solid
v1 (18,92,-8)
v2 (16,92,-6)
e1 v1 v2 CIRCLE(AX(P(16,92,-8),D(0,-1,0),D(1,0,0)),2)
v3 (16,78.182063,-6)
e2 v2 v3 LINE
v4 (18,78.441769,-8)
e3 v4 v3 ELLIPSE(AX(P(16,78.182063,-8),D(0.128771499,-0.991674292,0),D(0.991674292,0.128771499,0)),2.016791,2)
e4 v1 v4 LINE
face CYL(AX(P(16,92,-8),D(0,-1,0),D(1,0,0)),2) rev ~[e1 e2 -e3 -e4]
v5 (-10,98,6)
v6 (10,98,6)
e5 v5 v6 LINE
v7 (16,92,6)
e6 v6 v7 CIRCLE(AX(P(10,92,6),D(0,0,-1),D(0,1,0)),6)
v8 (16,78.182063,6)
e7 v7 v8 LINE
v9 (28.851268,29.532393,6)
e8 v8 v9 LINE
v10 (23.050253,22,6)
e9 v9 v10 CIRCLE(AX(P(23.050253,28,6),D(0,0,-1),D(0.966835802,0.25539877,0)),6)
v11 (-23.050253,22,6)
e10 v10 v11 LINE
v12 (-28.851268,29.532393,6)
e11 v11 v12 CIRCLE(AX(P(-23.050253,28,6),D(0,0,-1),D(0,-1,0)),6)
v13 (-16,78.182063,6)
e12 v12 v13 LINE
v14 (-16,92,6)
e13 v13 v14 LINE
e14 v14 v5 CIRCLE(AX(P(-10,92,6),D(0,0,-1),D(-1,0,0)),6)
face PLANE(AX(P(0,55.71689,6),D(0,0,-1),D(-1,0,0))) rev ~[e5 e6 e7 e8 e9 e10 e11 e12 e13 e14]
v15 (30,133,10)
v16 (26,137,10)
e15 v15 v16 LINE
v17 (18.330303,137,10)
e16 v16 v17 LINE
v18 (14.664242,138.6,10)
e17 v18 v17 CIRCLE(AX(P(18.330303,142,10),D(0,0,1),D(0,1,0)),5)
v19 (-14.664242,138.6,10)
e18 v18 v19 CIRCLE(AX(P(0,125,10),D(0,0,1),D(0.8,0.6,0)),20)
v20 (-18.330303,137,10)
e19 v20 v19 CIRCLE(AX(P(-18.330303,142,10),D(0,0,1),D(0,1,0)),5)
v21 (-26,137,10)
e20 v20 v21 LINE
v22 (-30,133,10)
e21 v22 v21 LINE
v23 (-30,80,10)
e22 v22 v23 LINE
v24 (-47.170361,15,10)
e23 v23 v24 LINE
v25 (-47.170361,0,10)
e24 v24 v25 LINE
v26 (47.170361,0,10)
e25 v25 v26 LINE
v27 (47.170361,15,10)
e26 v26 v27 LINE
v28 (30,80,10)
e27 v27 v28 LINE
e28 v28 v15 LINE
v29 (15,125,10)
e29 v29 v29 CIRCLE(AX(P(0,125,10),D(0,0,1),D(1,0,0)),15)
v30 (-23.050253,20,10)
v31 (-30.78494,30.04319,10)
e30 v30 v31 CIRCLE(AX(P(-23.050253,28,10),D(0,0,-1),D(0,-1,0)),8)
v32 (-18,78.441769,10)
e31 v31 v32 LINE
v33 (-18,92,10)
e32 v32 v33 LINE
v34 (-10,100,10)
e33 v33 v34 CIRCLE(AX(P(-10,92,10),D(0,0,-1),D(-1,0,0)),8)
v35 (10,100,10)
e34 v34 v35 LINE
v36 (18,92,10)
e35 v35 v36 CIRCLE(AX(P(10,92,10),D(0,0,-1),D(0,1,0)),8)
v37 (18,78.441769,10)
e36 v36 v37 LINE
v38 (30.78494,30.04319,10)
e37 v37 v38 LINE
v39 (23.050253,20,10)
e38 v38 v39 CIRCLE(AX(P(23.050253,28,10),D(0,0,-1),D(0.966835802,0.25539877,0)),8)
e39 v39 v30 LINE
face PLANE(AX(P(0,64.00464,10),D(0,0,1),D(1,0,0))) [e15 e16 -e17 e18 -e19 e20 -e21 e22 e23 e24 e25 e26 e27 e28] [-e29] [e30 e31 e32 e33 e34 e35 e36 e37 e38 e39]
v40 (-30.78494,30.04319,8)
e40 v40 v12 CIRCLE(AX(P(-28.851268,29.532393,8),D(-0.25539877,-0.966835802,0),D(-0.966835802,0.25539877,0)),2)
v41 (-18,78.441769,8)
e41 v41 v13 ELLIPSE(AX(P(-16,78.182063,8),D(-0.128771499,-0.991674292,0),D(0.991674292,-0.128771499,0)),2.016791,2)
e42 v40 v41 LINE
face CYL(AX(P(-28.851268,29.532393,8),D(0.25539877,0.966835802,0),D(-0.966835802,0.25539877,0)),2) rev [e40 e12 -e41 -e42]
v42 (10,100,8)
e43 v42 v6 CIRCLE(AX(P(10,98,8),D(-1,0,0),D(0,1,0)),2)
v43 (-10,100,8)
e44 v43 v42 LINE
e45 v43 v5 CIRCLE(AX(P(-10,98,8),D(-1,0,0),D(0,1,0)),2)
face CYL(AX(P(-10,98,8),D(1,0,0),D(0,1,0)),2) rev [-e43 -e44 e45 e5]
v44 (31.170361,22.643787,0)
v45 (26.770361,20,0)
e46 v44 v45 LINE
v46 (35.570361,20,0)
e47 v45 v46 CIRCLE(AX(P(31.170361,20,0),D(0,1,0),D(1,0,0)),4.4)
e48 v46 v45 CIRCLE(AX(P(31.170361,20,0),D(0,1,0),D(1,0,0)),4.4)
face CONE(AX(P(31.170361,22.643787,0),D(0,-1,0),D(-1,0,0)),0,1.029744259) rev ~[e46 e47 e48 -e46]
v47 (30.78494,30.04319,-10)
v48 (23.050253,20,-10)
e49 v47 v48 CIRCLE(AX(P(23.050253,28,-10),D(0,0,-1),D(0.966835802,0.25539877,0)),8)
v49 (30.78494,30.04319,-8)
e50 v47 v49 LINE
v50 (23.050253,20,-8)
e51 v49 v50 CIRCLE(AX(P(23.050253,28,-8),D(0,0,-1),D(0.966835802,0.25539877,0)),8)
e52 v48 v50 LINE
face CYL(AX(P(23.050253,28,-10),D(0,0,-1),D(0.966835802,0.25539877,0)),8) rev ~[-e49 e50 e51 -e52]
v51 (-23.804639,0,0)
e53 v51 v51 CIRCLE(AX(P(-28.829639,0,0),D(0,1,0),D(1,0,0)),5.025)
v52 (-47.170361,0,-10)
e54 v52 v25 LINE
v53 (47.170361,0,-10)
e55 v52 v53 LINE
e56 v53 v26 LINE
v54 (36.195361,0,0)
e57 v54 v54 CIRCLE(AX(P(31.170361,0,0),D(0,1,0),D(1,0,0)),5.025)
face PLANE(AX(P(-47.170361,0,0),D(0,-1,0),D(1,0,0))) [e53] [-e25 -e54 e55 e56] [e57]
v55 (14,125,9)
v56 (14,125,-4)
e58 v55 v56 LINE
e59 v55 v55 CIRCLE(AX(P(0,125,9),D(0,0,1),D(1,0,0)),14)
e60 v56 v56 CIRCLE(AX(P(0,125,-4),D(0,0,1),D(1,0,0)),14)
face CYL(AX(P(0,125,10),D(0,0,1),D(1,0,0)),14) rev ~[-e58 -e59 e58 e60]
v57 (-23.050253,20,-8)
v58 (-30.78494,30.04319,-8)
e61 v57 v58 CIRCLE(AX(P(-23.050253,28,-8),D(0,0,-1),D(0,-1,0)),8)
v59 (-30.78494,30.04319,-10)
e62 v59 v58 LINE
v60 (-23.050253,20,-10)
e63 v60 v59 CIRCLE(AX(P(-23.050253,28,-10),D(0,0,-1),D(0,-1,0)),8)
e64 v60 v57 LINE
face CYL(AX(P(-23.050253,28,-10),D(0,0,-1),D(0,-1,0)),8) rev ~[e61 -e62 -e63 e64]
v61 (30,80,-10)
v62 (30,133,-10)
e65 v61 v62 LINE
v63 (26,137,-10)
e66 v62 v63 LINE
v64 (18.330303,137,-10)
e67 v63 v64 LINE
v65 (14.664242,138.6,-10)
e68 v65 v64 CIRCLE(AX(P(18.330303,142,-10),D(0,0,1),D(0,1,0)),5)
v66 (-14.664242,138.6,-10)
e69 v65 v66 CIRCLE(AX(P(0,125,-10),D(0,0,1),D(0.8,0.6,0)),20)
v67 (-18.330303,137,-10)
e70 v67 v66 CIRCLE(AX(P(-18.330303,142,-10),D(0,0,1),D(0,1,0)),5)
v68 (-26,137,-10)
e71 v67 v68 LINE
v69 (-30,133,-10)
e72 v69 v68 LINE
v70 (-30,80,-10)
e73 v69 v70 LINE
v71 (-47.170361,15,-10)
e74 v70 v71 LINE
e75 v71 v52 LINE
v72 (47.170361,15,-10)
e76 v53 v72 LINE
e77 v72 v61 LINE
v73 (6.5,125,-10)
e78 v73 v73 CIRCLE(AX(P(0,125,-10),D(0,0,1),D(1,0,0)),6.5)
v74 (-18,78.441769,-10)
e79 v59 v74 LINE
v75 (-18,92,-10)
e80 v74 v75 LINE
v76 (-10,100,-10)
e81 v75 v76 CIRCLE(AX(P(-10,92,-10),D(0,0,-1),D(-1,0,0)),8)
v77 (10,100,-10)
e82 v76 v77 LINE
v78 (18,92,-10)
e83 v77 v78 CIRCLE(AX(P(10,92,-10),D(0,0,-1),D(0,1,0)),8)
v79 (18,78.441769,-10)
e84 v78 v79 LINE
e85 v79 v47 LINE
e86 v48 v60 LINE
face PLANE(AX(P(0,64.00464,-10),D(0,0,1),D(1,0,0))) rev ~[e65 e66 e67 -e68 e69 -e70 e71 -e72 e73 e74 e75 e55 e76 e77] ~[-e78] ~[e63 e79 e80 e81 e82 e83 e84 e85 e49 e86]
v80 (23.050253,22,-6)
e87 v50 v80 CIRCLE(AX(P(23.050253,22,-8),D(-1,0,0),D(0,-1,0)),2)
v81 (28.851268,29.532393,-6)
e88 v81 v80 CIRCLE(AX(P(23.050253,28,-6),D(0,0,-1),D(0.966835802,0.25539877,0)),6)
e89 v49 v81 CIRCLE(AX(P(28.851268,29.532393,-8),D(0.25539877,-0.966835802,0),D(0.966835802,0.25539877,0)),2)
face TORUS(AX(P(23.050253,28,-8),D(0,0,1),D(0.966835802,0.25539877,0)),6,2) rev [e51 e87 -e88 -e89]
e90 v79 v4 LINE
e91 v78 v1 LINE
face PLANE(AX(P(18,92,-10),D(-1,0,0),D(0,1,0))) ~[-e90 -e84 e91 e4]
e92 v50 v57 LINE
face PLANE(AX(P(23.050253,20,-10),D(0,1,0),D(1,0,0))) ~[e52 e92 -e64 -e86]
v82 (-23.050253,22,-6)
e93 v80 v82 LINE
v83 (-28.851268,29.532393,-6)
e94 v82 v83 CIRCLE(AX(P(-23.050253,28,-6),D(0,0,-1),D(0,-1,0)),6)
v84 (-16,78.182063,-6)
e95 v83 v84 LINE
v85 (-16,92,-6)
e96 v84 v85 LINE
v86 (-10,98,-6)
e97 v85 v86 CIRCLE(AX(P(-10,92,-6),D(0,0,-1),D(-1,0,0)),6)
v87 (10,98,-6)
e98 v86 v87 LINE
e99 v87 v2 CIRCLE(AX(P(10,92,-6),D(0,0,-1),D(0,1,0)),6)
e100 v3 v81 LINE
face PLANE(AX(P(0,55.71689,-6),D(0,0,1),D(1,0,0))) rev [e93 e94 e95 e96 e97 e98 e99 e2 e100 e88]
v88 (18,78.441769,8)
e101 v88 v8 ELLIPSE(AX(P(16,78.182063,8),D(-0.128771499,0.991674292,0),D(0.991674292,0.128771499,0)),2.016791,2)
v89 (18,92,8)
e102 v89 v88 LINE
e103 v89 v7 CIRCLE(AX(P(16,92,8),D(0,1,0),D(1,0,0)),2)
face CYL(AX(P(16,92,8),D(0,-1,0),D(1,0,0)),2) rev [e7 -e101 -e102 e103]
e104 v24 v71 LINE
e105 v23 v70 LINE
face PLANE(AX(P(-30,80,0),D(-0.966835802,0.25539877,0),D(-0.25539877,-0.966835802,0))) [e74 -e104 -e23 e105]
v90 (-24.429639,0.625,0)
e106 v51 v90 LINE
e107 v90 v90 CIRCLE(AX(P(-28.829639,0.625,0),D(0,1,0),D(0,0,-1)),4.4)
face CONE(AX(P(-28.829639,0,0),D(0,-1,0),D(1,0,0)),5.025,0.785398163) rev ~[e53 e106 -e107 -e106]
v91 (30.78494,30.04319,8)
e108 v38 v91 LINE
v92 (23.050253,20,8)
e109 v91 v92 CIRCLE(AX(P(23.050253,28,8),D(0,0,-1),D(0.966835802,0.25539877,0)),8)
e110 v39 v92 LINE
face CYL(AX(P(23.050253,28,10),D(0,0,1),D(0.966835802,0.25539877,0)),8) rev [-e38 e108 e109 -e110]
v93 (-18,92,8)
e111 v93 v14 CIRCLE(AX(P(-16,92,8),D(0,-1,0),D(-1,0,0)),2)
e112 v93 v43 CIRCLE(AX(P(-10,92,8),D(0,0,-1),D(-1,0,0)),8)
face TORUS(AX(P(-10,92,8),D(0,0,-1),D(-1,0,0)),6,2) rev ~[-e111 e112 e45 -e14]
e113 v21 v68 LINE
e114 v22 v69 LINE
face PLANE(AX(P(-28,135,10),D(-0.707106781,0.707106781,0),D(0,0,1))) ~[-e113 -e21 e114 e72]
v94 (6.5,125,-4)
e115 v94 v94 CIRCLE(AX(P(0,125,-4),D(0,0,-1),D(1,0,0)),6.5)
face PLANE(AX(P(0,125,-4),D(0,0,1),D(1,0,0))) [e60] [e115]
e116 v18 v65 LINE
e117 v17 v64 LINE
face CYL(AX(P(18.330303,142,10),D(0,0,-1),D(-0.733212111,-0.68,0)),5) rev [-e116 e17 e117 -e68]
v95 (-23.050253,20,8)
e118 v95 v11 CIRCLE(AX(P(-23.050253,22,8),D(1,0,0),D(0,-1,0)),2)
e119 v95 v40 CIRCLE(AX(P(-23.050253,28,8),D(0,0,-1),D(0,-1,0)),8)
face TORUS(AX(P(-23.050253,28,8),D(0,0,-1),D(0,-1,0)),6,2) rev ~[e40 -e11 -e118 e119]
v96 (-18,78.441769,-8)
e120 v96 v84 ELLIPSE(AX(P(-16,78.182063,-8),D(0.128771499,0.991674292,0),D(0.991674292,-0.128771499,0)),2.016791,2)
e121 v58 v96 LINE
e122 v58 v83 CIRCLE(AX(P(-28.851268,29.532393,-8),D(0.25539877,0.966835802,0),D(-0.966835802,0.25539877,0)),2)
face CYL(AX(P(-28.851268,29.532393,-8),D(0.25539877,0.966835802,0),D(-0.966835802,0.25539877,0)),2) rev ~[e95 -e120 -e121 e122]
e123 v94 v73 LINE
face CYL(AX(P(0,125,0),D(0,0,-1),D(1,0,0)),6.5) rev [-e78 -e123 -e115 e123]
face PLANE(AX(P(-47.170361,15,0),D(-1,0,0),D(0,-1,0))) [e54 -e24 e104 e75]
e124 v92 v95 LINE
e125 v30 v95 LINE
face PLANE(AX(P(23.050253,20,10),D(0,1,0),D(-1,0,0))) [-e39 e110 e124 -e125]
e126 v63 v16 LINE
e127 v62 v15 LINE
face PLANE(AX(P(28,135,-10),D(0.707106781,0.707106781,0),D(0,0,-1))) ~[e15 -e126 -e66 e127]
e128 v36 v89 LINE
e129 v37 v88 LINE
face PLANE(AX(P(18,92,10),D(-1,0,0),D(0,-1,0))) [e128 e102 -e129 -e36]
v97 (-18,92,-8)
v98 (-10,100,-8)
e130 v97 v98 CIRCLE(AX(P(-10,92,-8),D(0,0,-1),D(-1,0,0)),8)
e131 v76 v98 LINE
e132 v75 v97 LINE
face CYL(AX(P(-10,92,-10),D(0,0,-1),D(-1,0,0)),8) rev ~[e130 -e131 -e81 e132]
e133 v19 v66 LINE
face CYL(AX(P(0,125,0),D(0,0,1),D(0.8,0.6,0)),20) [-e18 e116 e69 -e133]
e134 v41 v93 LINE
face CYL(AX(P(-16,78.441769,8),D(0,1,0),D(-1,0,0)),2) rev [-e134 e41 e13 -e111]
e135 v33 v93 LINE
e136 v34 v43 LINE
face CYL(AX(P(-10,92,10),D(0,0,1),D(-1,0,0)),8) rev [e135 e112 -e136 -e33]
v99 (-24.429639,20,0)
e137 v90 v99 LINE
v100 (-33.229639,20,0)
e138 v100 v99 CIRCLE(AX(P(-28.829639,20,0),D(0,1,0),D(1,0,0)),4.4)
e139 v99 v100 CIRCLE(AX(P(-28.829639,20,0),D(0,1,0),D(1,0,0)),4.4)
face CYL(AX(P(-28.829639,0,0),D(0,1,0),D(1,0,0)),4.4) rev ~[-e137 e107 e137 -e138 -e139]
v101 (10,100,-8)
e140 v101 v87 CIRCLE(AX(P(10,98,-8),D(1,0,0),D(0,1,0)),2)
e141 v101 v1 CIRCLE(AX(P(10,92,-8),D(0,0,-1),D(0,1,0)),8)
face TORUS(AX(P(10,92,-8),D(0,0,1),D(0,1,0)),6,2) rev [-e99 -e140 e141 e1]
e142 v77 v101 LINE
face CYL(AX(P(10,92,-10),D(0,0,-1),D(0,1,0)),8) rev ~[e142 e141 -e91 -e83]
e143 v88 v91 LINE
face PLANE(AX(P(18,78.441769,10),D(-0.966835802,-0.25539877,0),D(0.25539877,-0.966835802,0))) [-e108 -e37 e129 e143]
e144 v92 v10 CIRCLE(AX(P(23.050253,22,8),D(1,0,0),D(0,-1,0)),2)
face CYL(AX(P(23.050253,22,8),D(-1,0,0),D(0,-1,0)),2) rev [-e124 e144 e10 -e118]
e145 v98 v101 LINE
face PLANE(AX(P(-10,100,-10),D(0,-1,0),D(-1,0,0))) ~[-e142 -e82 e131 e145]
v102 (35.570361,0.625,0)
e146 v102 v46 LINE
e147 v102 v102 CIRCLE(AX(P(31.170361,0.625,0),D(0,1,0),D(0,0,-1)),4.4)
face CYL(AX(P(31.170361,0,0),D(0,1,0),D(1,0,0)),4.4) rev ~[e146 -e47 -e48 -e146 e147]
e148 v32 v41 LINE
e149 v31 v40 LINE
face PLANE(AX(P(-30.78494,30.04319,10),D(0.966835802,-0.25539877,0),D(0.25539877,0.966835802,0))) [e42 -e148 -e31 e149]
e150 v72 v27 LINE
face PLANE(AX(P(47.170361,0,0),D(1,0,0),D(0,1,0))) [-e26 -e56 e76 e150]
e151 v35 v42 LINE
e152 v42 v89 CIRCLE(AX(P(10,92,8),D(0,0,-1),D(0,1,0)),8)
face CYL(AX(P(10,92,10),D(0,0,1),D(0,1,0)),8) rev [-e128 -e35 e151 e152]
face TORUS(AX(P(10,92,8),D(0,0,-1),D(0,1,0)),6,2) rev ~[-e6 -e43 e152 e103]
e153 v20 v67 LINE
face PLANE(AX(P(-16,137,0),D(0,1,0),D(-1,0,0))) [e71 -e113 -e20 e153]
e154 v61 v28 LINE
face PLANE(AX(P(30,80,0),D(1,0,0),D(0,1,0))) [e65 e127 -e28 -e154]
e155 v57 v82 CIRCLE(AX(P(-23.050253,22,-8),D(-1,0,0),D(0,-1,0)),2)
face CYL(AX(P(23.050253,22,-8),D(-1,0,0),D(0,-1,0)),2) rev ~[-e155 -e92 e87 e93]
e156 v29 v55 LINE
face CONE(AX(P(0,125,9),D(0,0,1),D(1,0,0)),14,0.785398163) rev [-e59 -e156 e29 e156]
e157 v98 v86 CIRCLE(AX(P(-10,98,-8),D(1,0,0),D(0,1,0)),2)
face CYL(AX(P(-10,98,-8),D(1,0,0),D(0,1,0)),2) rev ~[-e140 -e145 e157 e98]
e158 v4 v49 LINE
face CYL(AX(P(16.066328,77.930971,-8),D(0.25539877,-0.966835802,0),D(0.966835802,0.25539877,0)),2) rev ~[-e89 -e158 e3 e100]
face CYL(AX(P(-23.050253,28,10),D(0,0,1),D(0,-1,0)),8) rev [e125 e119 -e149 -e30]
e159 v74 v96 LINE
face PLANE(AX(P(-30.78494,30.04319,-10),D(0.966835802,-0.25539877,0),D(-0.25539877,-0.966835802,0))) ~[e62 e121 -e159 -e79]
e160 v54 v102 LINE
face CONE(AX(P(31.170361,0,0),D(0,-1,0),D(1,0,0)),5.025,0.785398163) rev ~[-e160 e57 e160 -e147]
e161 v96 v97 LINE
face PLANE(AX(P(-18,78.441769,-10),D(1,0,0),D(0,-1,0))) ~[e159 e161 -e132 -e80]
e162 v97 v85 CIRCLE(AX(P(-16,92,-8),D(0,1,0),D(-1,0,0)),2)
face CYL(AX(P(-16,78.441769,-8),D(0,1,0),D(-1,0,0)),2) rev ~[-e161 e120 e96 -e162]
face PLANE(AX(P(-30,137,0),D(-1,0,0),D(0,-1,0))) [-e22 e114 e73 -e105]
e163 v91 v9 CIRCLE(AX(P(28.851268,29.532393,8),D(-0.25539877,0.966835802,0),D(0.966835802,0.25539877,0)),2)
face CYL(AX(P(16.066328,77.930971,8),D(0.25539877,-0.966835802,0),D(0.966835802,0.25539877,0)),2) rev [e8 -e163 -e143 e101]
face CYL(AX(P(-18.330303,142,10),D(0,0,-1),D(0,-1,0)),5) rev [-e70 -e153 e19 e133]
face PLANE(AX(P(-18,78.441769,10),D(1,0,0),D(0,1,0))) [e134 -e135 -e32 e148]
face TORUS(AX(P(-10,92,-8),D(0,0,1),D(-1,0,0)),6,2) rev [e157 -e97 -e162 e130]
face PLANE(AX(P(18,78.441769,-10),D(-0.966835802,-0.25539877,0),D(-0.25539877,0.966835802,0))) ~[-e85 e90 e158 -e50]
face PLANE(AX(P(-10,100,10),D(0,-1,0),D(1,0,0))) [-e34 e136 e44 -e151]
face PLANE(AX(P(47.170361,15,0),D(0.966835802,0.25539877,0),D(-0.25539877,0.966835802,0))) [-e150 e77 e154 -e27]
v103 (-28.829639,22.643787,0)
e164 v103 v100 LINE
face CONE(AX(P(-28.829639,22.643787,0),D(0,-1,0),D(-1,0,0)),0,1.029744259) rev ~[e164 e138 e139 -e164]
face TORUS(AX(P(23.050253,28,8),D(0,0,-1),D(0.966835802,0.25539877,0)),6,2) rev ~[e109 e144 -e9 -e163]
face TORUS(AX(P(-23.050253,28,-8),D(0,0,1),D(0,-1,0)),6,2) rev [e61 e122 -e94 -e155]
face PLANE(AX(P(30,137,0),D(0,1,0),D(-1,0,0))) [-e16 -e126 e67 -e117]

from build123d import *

# Parameters (mm, degrees)
SKETCH1_R                         = 6.5
BOSS_EXTRUDE1_DEPTH               = 10
SKETCH2_R                         = 14
CUT_EXTRUDE1_DEPTH                = 14
CHAMFER1_SIZE                     = 4
CHAMFER2_SIZE                     = 1
FILLET2_R                         = 5
CUT_EXTRUDE2_DEPTH                = 4
FILLET3_R                         = 2
FILLET3_OF_MIRROR1_R              = 2
M10X1_25_TAPPED_HOLE1_D           = 8.8
M10X1_25_TAPPED_HOLE1_DEPTH       = 20
M10X1_25_TAPPED_HOLE1_CSINK_D     = 10.05
M10X1_25_TAPPED_HOLE1_CSINK_ANGLE = 90
M10X1_25_TAPPED_HOLE1_TIP         = 2.643786724


with BuildPart() as part:
    # Sketch1 → Boss-Extrude1 (new, symmetric)
    with BuildSketch(Plane.XY):
        with BuildLine():
            Line((-47.170361299, 15), (-47.170361299, 0))
            Line((-47.170361299, 0), (47.170361299, 0))
            Line((47.170361299, 0), (47.170361299, 15))
            Line((47.170361299, 15), (30, 80))
            Line((30, 80), (30, 137))
            Line((30, 137), (16, 137))
            ThreePointArc((16, 137), (0, 145), (-16, 137))
            Line((-16, 137), (-30, 137))
            Line((-30, 137), (-30, 80))
            Line((-30, 80), (-47.170361299, 15))
        make_face()
        with Locations((0, 125)):
            Circle(SKETCH1_R, mode=Mode.SUBTRACT)
    extrude(amount=BOSS_EXTRUDE1_DEPTH, both=True)

    # Sketch2 → Cut-Extrude1 (cut)
    with BuildSketch(Plane.XY.offset(10)):
        with Locations((0, 125)):
            Circle(SKETCH2_R)
    extrude(amount=-CUT_EXTRUDE1_DEPTH, mode=Mode.SUBTRACT)

    # Chamfer1
    chamfer1_edges = [part.edges().sort_by_distance(p)[0] for p in [
        (30, 137, 0),
        (-30, 137, 0),
    ]]
    chamfer(chamfer1_edges, length=CHAMFER1_SIZE)

    # Chamfer2
    chamfer2_edges = [part.edges().sort_by_distance(p)[0] for p in [
        (-14, 125, 10),
    ]]
    chamfer(chamfer2_edges, length=CHAMFER2_SIZE)

    # Fillet2
    fillet2_edges = [part.edges().sort_by_distance(p)[0] for p in [
        (-16, 137, 0),
        (16, 137, 0),
    ]]
    fillet(fillet2_edges, radius=FILLET2_R)

    # Sketch3 → Cut-Extrude2 (cut)
    with BuildSketch(Plane.XY.offset(10)):
        with BuildLine():
            Line((-10, 100), (10, 100))
            ThreePointArc((10, 100), (15.656854249, 97.656854249), (18, 92))
            Line((18, 92), (18, 78.441768634))
            Line((18, 78.441768634), (30.784939674, 30.043190159))
            ThreePointArc((30.784939674, 30.043190159), (29.388451789, 23.118684669), (23.050253256, 20))
            Line((23.050253256, 20), (-23.050253256, 20))
            ThreePointArc((-23.050253256, 20), (-29.388451789, 23.118684669), (-30.784939674, 30.043190159))
            Line((-30.784939674, 30.043190159), (-18, 78.441768634))
            Line((-18, 78.441768634), (-18, 92))
            ThreePointArc((-18, 92), (-15.656854249, 97.656854249), (-10, 100))
        make_face()
    cut_extrude2 = extrude(amount=-CUT_EXTRUDE2_DEPTH, mode=Mode.SUBTRACT)

    # Fillet3
    fillet3_edges = [part.edges().sort_by_distance(p)[0] for p in [
        (-29.388451789, 23.118684669, 6),
        (-24.392469837, 54.242479397, 6),
        (-18, 85.220884317, 6),
        (-15.656854249, 97.656854249, 6),
        (0, 100, 6),
        (15.656854249, 97.656854249, 6),
        (18, 85.220884317, 6),
        (24.392469837, 54.242479397, 6),
        (29.388451789, 23.118684669, 6),
        (0, 20, 6),
    ]]
    fillet(fillet3_edges, radius=FILLET3_R)

    # Mirror1: Cut-Extrude2 across plane
    add(cut_extrude2.mirror(Plane.XY), mode=Mode.SUBTRACT)

    # Fillet3 of Mirror1
    fillet3_of_mirror1_edges = [part.edges().sort_by_distance(p)[0] for p in [
        (-29.388451789, 23.118684669, -6),
        (-24.392469837, 54.242479397, -6),
        (-18, 85.220884317, -6),
        (-15.656854249, 97.656854249, -6),
        (0, 100, -6),
        (15.656854249, 97.656854249, -6),
        (18, 85.220884317, -6),
        (24.392469837, 54.242479397, -6),
        (29.388451789, 23.118684669, -6),
        (0, 20, -6),
    ]]
    fillet(fillet3_of_mirror1_edges, radius=FILLET3_OF_MIRROR1_R)

    # M10x1.25 Tapped Hole1
    with Locations(Plane(origin=(0, 0, 0), x_dir=(-1, 0, 0), z_dir=(0, -1, 0))):
        with Locations((-31.170361299, 0), (28.829638701, 0)):
            CounterSinkHole(M10X1_25_TAPPED_HOLE1_D / 2, M10X1_25_TAPPED_HOLE1_CSINK_D / 2, depth=M10X1_25_TAPPED_HOLE1_DEPTH, counter_sink_angle=M10X1_25_TAPPED_HOLE1_CSINK_ANGLE)
            with Locations((0, 0, -(M10X1_25_TAPPED_HOLE1_DEPTH + M10X1_25_TAPPED_HOLE1_TIP / 2))):  # 118° drill point
                Cone(0, M10X1_25_TAPPED_HOLE1_D / 2, M10X1_25_TAPPED_HOLE1_TIP, mode=Mode.SUBTRACT)


solid = part.part
